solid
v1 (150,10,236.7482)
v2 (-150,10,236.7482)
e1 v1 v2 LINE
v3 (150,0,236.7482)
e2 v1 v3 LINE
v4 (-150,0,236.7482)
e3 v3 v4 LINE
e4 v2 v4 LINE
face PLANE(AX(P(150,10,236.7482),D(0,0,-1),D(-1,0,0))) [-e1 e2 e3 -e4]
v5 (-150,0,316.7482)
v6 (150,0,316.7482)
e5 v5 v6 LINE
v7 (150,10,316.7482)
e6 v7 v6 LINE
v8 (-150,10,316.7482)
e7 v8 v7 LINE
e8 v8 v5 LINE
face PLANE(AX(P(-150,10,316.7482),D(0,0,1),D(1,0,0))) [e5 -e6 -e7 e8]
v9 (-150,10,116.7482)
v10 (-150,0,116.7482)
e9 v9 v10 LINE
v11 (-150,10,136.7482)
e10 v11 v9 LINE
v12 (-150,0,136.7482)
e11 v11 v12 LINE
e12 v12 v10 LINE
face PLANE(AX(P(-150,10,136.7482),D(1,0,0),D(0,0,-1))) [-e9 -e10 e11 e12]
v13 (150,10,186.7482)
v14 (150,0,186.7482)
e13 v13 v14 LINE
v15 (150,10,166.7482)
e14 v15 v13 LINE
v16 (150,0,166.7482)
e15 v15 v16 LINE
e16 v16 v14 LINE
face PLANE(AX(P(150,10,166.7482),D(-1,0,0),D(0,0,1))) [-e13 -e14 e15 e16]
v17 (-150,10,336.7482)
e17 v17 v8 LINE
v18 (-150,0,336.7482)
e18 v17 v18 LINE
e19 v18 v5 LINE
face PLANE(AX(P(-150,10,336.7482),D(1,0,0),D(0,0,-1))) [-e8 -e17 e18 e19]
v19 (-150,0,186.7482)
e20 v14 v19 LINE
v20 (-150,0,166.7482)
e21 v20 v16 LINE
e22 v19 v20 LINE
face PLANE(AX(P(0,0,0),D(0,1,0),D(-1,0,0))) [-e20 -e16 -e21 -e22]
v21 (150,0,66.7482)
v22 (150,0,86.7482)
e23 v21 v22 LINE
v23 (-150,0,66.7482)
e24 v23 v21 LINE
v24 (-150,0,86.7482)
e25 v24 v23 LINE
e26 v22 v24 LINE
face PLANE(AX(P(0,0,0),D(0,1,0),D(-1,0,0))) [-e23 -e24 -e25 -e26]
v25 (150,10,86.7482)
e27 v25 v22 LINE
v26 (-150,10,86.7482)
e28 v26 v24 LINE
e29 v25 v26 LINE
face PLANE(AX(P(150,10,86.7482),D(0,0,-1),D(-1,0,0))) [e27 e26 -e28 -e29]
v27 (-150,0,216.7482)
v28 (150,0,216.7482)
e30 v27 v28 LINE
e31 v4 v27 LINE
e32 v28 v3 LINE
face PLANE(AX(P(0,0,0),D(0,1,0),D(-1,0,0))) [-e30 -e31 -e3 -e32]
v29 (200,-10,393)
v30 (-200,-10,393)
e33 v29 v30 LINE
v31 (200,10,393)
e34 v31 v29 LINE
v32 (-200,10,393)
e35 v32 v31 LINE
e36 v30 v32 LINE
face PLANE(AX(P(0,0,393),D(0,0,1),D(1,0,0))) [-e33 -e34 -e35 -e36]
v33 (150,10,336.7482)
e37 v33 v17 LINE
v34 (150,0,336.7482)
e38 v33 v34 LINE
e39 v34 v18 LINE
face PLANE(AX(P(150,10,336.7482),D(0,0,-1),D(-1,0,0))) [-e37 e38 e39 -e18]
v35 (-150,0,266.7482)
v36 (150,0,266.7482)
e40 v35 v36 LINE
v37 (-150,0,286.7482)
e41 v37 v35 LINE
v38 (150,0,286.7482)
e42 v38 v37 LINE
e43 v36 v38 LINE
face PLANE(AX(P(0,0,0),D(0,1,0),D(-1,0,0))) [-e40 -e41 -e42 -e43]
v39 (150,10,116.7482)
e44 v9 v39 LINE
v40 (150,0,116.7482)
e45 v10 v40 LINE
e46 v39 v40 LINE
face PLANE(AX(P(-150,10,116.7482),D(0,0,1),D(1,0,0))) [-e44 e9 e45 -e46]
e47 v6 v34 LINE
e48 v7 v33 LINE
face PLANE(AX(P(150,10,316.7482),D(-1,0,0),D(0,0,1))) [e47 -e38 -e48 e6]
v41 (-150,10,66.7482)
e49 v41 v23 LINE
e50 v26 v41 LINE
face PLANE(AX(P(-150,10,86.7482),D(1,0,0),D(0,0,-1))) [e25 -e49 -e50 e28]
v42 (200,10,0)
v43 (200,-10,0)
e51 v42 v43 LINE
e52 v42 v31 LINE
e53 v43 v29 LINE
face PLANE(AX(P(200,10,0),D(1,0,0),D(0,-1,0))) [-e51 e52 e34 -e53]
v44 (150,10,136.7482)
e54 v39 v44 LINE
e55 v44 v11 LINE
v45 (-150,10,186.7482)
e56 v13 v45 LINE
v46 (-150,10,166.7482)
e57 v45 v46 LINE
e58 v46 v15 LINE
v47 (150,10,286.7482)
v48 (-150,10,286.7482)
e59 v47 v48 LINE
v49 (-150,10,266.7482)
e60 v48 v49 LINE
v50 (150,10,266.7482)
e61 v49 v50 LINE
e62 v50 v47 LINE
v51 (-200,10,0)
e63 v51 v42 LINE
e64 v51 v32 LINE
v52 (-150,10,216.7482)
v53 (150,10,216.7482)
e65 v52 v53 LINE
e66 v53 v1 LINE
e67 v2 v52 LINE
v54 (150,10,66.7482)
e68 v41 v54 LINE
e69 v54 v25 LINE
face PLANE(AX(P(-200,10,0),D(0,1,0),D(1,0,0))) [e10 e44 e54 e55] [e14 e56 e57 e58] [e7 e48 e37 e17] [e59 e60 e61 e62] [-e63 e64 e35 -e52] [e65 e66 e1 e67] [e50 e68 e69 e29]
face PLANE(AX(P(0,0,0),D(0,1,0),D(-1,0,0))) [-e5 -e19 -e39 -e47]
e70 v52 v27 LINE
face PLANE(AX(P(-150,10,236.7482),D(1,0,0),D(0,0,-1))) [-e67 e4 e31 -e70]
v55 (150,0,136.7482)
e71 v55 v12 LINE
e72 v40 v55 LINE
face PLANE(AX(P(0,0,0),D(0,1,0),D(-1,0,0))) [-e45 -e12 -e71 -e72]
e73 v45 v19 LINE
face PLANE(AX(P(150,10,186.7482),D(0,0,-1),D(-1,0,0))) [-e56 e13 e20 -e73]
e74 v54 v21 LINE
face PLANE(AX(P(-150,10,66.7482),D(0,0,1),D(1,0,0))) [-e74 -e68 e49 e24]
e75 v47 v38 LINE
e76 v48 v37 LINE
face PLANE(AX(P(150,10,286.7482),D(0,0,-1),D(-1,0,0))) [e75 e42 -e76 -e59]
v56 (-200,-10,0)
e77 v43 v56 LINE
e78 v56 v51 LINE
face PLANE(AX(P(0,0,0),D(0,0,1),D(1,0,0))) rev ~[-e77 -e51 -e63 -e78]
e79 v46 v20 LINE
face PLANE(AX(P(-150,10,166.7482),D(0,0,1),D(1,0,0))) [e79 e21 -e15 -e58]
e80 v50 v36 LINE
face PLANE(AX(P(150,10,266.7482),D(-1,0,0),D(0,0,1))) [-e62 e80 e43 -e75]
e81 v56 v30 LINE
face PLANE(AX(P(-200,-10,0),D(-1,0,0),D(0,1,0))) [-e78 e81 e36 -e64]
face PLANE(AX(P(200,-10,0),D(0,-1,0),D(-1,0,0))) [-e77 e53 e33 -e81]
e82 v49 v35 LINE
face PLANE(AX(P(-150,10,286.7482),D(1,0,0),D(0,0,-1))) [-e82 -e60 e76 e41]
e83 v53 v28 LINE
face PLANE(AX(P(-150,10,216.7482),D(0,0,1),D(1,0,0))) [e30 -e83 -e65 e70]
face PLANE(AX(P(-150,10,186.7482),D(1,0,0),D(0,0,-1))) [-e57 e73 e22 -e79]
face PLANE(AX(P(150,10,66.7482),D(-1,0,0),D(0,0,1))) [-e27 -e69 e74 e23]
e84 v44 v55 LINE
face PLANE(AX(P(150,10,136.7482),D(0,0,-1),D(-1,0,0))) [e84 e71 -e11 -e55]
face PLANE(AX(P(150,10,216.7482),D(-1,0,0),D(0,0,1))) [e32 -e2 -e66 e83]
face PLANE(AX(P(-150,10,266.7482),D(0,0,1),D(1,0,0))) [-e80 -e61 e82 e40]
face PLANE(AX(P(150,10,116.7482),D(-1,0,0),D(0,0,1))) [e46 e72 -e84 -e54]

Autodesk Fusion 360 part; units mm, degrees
sketch "草图1" plane through (0, 0, 0) normal (0, 0, 1) x (1, 0, 0)
  line L0 (200, -10) -> (-200, -10)
  line L1 (-200, -10) -> (-200, 10)
  line L2 (-200, 10) -> (200, 10)
  line L3 (200, 10) -> (200, -10)
  line L4 (200, -10) -> (-200, 10) construction
  line L5 (-200, -10) -> (200, 10) construction
  dimension "d1" = 400
  dimension "d2" = 20
extrude "拉伸1" add sketch "草图1" along normal blind 393
sketch "草图2" plane through (0, 10, 0) normal (0, 1, 0) x (-1, 0, 0)
  line L0 (-200, 0) -> (200, 0)
  line L1 (200, 0) -> (200, 393)
  line L2 (200, 393) -> (-200, 393)
  line L3 (-200, 393) -> (-200, 0)
  line L4 (-150, 336.7482) -> (150, 336.7482)
  line L5 (150, 336.7482) -> (150, 351.7482)
  line L6 (150, 351.7482) -> (-150, 351.7482)
  line L7 (-150, 351.7482) -> (-150, 336.7482)
  line L8 (-150, 336.7482) -> (150, 351.7482) construction
  line L9 (150, 336.7482) -> (-150, 351.7482) construction
  line L10 (-150, 336.7482) -> (150, 336.7482)
  line L11 (150, 336.7482) -> (150, 316.7482)
  line L12 (150, 316.7482) -> (-150, 316.7482)
  line L13 (-150, 316.7482) -> (-150, 336.7482)
  line L14 (150, 301.7482) -> (-150, 301.7482)
  line L15 (-150, 301.7482) -> (-150, 286.7482)
  line L16 (150, 266.7482) -> (-150, 266.7482)
  line L17 (150, 286.7482) -> (-150, 301.7482) construction
  line L18 (150, 286.7482) -> (150, 301.7482)
  line L19 (150, 286.7482) -> (150, 266.7482)
  line L20 (-150, 266.7482) -> (-150, 286.7482)
  line L21 (-150, 286.7482) -> (150, 301.7482) construction
  line L22 (-150, 286.7482) -> (150, 286.7482)
  line L23 (-150, 286.7482) -> (150, 286.7482)
  line L24 (150, 251.7482) -> (-150, 251.7482)
  line L25 (-150, 251.7482) -> (-150, 236.7482)
  line L26 (150, 216.7482) -> (-150, 216.7482)
  line L27 (150, 236.7482) -> (-150, 251.7482) construction
  line L28 (150, 236.7482) -> (150, 251.7482)
  line L29 (150, 236.7482) -> (150, 216.7482)
  line L30 (-150, 216.7482) -> (-150, 236.7482)
  line L31 (-150, 236.7482) -> (150, 251.7482) construction
  line L32 (-150, 236.7482) -> (150, 236.7482)
  line L33 (-150, 236.7482) -> (150, 236.7482)
  line L34 (150, 201.7482) -> (-150, 201.7482)
  line L35 (-150, 201.7482) -> (-150, 186.7482)
  line L36 (150, 166.7482) -> (-150, 166.7482)
  line L37 (150, 186.7482) -> (-150, 201.7482) construction
  line L38 (150, 186.7482) -> (150, 201.7482)
  line L39 (150, 186.7482) -> (150, 166.7482)
  line L40 (-150, 166.7482) -> (-150, 186.7482)
  line L41 (-150, 186.7482) -> (150, 201.7482) construction
  line L42 (-150, 186.7482) -> (150, 186.7482)
  line L43 (-150, 186.7482) -> (150, 186.7482)
  line L44 (150, 151.7482) -> (-150, 151.7482)
  line L45 (-150, 151.7482) -> (-150, 136.7482)
  line L46 (150, 116.7482) -> (-150, 116.7482)
  line L47 (150, 136.7482) -> (-150, 151.7482) construction
  line L48 (150, 136.7482) -> (150, 151.7482)
  line L49 (150, 136.7482) -> (150, 116.7482)
  line L50 (-150, 116.7482) -> (-150, 136.7482)
  line L51 (-150, 136.7482) -> (150, 151.7482) construction
  line L52 (-150, 136.7482) -> (150, 136.7482)
  line L53 (-150, 136.7482) -> (150, 136.7482)
  line L54 (150, 101.7482) -> (-150, 101.7482)
  line L55 (-150, 101.7482) -> (-150, 86.7482)
  line L56 (150, 66.7482) -> (-150, 66.7482)
  line L57 (150, 86.7482) -> (-150, 101.7482) construction
  line L58 (150, 86.7482) -> (150, 101.7482)
  line L59 (150, 86.7482) -> (150, 66.7482)
  line L60 (-150, 66.7482) -> (-150, 86.7482)
  line L61 (-150, 86.7482) -> (150, 101.7482) construction
  line L62 (-150, 86.7482) -> (150, 86.7482)
  line L63 (-150, 86.7482) -> (150, 86.7482)
  point P0 (0, 344.2482)
  point P1 (0, 294.2482)
  point P2 (0, 244.2482)
  point P3 (0, 194.2482)
  point P4 (0, 144.2482)
  point P5 (0, 94.2482)
  dimension "d15" = 15
  dimension "d16" = 300
  dimension "d17" = 20
  dimension "d20" = 50
  dimension "d21" = 0
  dimension "d24" = 50
extrude "拉伸2" cut sketch "草图2" against normal blind 10 contours L4 L10 L11 L12 L13 | L16 L19 L20 L22 L23 | L26 L29 L30 L32 L33 | L36 L39 L40 L42 L43 | L46 L49 L50 L52 L53 | L56 L59 L60 L62 L63
